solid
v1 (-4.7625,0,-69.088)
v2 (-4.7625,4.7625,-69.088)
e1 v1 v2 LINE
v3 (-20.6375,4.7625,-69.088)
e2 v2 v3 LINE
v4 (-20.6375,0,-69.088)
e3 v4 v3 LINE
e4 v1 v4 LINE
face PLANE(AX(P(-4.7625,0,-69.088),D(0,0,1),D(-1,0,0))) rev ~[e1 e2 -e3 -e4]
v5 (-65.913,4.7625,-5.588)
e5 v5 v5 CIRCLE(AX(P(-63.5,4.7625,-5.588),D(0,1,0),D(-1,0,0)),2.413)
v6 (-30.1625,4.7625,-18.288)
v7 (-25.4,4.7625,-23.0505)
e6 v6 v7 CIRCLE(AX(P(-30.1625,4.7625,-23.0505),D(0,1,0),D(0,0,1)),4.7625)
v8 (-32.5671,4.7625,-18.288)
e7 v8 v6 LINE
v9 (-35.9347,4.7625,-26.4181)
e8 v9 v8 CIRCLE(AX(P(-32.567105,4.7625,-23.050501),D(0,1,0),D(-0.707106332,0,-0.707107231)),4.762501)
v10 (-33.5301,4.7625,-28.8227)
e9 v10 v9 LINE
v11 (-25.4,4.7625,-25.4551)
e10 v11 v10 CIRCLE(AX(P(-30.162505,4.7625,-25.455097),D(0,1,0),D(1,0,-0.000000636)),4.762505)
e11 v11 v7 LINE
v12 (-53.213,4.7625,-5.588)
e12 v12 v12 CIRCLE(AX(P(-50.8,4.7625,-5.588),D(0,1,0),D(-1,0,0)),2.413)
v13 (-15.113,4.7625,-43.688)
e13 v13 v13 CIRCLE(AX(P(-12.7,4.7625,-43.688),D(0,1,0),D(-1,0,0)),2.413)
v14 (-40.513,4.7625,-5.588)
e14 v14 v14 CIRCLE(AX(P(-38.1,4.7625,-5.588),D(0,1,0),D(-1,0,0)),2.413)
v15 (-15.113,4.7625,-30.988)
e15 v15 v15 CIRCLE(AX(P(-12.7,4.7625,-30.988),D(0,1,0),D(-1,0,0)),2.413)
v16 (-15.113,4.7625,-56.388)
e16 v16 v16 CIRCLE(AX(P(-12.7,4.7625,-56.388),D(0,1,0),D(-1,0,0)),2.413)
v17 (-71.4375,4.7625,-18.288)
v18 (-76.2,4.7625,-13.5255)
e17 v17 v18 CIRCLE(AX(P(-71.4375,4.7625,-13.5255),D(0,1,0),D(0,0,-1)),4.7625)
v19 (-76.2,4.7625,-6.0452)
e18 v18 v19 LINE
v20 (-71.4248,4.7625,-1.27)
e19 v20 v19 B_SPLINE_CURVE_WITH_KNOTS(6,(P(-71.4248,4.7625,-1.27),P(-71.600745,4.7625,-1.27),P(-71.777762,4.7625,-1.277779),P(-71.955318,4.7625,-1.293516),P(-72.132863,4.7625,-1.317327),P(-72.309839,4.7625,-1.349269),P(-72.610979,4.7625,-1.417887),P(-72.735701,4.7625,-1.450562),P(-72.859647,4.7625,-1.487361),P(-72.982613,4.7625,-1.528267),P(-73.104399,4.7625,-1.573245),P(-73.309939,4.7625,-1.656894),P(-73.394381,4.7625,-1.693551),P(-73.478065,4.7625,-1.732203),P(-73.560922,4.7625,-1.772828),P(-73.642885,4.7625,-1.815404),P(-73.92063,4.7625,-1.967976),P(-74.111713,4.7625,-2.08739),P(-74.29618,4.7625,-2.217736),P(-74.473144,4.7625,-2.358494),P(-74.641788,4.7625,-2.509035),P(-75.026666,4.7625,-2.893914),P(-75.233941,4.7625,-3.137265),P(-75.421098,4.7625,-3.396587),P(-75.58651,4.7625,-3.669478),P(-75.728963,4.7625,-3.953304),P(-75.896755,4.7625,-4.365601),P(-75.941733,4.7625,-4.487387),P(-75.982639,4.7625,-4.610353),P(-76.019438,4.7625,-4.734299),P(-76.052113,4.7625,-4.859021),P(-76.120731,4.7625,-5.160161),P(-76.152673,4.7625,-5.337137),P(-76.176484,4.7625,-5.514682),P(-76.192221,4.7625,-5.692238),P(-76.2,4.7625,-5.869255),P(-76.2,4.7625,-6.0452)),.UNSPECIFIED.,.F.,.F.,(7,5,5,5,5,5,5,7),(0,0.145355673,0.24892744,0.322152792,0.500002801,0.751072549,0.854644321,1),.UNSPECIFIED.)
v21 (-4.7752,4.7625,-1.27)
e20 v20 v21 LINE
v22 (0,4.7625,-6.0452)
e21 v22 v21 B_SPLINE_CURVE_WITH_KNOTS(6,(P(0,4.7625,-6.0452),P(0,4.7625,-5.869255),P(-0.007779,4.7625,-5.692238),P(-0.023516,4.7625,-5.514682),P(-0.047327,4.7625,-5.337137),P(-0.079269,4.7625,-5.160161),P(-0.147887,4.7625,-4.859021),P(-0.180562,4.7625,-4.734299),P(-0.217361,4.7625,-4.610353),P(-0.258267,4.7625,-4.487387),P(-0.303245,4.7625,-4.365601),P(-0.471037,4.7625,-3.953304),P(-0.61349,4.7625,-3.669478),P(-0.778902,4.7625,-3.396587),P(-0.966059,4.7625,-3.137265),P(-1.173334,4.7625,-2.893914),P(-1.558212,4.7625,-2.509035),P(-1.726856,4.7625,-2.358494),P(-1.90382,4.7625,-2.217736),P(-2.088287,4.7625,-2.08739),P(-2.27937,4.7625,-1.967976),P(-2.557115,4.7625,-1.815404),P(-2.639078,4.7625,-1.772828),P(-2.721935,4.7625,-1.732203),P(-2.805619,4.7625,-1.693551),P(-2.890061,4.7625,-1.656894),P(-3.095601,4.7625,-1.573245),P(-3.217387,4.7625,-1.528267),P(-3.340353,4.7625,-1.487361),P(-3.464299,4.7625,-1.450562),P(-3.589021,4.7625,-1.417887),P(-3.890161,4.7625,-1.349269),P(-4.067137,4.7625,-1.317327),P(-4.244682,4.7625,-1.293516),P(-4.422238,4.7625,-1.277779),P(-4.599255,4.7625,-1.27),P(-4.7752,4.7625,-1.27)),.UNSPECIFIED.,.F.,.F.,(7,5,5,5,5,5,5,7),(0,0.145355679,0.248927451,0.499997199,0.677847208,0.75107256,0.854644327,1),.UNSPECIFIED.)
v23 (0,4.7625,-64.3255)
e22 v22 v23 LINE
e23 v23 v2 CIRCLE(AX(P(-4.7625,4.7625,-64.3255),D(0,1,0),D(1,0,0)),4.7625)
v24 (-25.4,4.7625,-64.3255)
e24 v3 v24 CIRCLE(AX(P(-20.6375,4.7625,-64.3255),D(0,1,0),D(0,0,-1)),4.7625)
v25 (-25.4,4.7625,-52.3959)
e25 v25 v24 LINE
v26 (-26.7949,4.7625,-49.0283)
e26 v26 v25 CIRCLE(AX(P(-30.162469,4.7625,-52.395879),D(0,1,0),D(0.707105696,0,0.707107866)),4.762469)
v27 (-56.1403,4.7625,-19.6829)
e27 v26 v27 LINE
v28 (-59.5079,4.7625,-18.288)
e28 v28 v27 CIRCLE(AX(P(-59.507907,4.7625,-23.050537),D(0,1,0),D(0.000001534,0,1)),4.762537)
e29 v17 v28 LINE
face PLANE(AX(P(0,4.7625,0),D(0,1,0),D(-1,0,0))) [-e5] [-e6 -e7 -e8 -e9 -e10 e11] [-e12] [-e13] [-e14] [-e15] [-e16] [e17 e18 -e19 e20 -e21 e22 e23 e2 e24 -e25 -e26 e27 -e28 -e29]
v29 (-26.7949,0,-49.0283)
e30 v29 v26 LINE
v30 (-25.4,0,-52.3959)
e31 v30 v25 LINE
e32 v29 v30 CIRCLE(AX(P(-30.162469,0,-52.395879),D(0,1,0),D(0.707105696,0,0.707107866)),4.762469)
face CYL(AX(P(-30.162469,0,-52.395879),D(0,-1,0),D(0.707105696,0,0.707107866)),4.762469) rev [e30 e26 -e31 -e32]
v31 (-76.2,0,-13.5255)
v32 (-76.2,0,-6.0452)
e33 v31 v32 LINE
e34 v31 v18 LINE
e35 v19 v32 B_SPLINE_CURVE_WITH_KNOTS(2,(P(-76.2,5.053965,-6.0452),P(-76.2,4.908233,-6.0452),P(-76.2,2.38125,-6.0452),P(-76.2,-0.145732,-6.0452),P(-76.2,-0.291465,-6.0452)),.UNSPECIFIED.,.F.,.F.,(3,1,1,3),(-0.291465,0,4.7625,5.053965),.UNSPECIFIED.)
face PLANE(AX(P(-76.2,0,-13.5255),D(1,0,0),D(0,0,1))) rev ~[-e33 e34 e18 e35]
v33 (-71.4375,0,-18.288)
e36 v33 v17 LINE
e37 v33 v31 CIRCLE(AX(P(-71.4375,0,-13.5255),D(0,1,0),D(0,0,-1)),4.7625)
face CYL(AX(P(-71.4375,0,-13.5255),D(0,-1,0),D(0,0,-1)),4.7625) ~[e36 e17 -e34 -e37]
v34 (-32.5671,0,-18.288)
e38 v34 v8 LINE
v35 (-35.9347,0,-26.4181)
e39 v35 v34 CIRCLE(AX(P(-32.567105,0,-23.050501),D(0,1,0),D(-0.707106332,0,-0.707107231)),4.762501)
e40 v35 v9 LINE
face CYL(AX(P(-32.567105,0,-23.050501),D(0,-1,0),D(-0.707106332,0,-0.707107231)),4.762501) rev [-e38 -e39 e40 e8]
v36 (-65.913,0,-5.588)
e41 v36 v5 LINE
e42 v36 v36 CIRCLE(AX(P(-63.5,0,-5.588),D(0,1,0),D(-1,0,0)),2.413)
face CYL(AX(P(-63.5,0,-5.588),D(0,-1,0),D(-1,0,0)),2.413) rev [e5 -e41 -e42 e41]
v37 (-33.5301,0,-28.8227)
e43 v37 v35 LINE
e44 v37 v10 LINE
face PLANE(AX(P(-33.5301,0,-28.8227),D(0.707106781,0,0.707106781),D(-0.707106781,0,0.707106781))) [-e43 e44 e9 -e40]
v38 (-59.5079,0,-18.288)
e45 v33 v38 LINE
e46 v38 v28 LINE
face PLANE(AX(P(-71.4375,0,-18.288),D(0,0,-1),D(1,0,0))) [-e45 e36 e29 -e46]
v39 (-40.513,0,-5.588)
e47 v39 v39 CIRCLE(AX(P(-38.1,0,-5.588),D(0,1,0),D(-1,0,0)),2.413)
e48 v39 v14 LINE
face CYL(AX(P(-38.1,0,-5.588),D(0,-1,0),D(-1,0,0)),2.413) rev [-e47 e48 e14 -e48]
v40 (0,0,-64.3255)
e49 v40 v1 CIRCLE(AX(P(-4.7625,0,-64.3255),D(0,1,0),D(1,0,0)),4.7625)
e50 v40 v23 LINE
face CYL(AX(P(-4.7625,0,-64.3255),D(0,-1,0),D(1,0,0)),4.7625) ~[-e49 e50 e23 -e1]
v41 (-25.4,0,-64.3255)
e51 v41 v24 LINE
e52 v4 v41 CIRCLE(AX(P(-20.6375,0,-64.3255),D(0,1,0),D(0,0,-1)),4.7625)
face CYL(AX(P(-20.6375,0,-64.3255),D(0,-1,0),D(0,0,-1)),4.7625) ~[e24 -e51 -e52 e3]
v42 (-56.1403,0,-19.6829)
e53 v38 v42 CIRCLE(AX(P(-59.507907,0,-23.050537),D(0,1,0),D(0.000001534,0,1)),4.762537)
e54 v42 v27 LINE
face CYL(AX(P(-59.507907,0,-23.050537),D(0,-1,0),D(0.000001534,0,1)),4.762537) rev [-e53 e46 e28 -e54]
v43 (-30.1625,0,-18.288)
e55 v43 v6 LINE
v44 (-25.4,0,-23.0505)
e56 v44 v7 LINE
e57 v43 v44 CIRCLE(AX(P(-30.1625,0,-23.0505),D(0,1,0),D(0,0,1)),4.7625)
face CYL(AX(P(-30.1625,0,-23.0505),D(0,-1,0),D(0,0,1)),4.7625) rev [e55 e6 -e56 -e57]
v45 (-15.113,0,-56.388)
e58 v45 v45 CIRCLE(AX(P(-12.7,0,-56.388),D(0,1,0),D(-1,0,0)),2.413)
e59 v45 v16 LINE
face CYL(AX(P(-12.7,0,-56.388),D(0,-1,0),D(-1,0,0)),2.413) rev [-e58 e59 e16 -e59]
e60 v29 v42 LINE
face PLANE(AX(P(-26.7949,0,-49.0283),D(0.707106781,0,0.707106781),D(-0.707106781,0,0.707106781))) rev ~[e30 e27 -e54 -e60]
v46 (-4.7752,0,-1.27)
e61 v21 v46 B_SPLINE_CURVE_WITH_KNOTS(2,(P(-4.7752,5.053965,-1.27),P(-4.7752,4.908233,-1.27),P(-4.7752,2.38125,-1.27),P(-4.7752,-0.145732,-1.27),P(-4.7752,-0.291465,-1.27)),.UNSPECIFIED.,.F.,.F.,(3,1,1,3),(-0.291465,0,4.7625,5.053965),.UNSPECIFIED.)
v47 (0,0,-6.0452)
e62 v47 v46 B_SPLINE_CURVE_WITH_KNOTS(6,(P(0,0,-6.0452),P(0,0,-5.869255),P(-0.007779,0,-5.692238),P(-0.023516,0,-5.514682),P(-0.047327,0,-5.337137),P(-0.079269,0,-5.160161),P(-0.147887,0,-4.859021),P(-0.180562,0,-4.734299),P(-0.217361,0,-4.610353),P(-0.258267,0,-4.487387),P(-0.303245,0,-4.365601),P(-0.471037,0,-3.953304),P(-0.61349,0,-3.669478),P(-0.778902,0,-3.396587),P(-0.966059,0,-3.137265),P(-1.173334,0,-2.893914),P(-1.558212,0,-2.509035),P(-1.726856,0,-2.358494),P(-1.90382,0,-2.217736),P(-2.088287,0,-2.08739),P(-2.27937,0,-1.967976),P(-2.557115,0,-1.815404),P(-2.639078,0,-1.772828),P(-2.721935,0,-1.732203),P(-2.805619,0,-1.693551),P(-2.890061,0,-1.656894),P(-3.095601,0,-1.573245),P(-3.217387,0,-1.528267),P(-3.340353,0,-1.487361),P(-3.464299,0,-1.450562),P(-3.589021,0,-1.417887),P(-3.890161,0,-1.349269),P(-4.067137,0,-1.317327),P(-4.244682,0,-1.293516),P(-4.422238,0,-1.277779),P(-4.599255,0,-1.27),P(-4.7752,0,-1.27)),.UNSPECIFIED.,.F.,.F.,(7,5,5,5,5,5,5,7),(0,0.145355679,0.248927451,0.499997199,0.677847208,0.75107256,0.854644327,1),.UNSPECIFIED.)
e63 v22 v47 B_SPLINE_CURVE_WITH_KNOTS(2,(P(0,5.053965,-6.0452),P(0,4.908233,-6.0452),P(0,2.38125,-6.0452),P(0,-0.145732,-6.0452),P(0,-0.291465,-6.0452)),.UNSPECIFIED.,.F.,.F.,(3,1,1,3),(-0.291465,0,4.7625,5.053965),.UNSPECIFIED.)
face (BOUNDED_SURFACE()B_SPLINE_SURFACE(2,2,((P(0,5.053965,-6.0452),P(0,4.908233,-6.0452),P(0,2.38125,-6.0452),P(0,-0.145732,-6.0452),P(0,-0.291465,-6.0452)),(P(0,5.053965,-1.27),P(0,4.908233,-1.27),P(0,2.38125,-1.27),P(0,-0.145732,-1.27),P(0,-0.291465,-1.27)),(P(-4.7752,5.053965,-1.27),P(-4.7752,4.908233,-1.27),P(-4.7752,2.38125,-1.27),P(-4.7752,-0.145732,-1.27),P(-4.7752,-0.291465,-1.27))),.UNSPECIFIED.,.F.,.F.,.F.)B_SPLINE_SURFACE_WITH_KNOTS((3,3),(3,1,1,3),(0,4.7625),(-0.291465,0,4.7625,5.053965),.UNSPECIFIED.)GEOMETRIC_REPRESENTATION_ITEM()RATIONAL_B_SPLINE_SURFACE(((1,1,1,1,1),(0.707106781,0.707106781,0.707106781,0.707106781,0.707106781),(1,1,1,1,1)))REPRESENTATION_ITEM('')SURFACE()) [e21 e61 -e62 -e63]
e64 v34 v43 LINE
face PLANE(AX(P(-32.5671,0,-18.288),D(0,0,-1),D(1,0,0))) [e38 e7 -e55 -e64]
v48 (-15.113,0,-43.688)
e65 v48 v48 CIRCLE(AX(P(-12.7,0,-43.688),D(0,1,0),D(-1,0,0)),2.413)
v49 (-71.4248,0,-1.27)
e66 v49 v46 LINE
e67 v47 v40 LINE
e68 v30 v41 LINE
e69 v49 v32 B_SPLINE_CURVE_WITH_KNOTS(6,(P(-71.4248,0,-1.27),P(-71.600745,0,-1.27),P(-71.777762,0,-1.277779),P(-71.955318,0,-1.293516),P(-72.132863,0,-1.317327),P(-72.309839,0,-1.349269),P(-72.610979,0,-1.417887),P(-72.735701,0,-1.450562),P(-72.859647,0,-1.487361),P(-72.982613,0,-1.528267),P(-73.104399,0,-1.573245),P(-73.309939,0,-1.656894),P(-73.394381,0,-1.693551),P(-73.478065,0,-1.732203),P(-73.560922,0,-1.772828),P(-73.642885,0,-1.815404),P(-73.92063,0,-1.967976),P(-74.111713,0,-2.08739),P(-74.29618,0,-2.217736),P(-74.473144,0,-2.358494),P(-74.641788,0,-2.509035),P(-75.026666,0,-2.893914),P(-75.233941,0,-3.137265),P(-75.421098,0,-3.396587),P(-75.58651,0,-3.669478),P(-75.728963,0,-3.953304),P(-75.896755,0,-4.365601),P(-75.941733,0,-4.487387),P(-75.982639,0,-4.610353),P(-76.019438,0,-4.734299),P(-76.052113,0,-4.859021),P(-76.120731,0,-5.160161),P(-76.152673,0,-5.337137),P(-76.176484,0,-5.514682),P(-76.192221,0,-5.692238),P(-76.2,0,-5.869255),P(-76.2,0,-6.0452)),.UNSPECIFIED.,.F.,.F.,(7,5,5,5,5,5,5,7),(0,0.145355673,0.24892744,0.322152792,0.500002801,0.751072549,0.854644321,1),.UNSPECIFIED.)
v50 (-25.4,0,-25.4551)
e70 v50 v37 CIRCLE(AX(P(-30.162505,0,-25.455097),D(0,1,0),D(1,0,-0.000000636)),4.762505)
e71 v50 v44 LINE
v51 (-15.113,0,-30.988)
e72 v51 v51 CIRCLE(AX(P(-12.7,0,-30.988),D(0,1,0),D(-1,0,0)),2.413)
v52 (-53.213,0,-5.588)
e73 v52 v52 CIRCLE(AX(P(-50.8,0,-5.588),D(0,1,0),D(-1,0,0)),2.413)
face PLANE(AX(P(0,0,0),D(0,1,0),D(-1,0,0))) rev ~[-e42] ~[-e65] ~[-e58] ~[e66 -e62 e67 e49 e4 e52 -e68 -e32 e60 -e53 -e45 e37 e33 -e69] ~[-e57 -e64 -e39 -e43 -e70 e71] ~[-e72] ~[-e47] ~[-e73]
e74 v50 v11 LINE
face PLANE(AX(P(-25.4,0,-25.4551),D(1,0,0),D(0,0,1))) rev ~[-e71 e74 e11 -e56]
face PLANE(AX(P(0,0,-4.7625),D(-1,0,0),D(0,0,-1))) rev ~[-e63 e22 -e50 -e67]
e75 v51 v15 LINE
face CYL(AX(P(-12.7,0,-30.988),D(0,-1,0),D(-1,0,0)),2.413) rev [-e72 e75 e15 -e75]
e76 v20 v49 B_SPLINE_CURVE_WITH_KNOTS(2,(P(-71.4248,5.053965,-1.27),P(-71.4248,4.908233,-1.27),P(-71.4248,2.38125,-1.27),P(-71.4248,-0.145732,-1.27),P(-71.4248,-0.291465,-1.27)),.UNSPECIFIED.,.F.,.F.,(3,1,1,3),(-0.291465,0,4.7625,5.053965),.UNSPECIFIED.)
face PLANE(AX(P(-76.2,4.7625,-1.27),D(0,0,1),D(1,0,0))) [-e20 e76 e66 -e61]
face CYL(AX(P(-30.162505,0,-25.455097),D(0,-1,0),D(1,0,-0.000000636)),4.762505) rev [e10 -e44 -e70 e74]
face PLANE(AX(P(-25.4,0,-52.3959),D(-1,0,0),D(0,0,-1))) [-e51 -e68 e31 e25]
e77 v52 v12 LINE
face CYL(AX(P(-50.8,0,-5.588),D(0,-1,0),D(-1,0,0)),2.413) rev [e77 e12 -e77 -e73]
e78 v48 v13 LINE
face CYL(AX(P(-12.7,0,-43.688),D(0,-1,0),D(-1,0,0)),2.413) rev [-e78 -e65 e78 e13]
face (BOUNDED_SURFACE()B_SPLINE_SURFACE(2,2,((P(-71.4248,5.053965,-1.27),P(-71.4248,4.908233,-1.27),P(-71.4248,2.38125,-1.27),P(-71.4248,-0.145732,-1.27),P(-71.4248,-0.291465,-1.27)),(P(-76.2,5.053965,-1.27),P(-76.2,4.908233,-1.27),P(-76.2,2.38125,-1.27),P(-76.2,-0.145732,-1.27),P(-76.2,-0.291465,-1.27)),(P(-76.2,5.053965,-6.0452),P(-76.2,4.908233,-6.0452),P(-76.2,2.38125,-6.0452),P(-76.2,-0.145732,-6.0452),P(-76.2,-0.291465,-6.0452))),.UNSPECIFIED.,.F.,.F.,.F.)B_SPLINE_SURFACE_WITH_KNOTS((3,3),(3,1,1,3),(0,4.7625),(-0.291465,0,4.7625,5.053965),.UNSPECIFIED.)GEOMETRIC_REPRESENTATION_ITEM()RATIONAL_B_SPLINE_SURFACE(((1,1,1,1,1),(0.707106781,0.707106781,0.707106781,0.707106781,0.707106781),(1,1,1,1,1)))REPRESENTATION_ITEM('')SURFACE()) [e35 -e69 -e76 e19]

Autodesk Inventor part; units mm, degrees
ref_plane "YZ Plane" through (0, 0, 0) normal (1, 0, 0) x (0, 1, 0)
ref_plane "XZ Plane" through (0, 0, 0) normal (0, 1, 0) x (-1, 0, 0)
ref_plane "XY Plane" through (0, 0, 0) normal (0, 0, 1) x (1, 0, 0)
sketch "Sketch1" plane through (0, 0, 0) normal (0, 1, 0) x (-1, 0, 0)
  line L0 (0, -4.7625) -> (0, -64.3255)
  line L1 (4.7625, -69.088) -> (20.6375, -69.088)
  line L2 (76.2, -13.5255) -> (76.2, -4.7625)
  line L3 (71.4375, 0) -> (4.7625, 0)
  circle A0 centre (12.7, -30.988) radius 2.413
  arc A1 (4.7625, 0) -> (0, -4.7625) centre (4.7625, -4.7625) ccw
  circle A2 centre (12.7, -43.688) radius 2.413
  circle A3 centre (12.7, -56.388) radius 2.413
  circle A4 centre (38.1, -5.588) radius 2.413
  circle A5 centre (50.8, -5.588) radius 2.413
  circle A6 centre (63.5, -5.588) radius 2.413
  line L4 (14.4062, -54.6818) -> (61.7938, -7.2942) construction
  line L5 (26.7949, -49.0283) -> (56.1403, -19.6829)
  line L6 (33.5301, -28.8227) -> (35.9347, -26.4181)
  line L7 (25.4, -69.088) -> (25.4, -18.288) construction
  line L8 (76.2, -18.288) -> (25.4, -18.288) construction
  line L9 (25.4, -52.3959) -> (25.4, -64.3255)
  line L10 (71.4375, -18.288) -> (59.5079, -18.288)
  arc A7 (71.4375, -18.288) -> (76.2, -13.5255) centre (71.4375, -13.5255) ccw
  arc A8 (76.2, -4.7625) -> (71.4375, 0) centre (71.4375, -4.7625) ccw
  arc A9 (20.6375, -69.088) -> (25.4, -64.3255) centre (20.6375, -64.3255) ccw
  arc A10 (0, -64.3255) -> (4.7625, -69.088) centre (4.7625, -64.3255) ccw
  line L11 (32.5671, -18.288) -> (30.1625, -18.288)
  line L12 (25.4, -25.4551) -> (25.4, -23.0505)
  arc A11 (59.5079, -18.288) -> (56.1403, -19.6829) centre (59.5079, -23.0505) ccw
  arc A12 (26.7949, -49.0283) -> (25.4, -52.3959) centre (30.1625, -52.3959) ccw
  arc A13 (35.9347, -26.4181) -> (32.5671, -18.288) centre (32.5671, -23.0505) ccw
  arc A14 (25.4, -25.4551) -> (33.5301, -28.8227) centre (30.1625, -25.4551) ccw
  arc A15 (30.1625, -18.288) -> (25.4, -23.0505) centre (30.1625, -23.0505) ccw
  point P0 (0, 0)
  point P1 (0, 7.112)
  point P2 (0, -69.088)
  point P3 (25.4, -50.4232)
  point P4 (57.5352, -18.288)
  point P5 (25.4, -36.9528)
  point P6 (44.0648, -18.288)
  dimension "d0" = 76.2
  dimension "d1" = 4.826
  dimension "d2" = 4.7625
  dimension "d3" = 12.7
  dimension "d4" = 12.7
  dimension "d5" = 12.7
  dimension "d7" = 12.7
  dimension "d8" = 12.7
  dimension "d9" = 38.1
  dimension "d10" = 25.4
  dimension "d11" = 4.7625
  dimension "d12" = 4.7625
  dimension "d13" = 4.7625
  dimension "d14" = 4.7625
  dimension "d15" = 4.7625
  dimension "d16" = 18.288
  dimension "d17" = 25.4
  dimension "d18" = 76.2
  dimension "d19" = 12.7
  dimension "d20" = 38.1
extrude "Extrusion1" add sketch "Sketch1" along normal blind 4.7625
thread "Thread2" size "10-32 UNF" class "2B" standard "ANSI Unified Screw Threads" full length
thread "Thread3" size "10-32 UNF" class "2B" standard "ANSI Unified Screw Threads" full length
thread "Thread4" size "10-32 UNF" class "2B" standard "ANSI Unified Screw Threads" full length
thread "Thread5" size "10-32 UNF" class "2B" standard "ANSI Unified Screw Threads" full length
thread "Thread6" size "10-32 UNF" class "2B" standard "ANSI Unified Screw Threads" full length
thread "Thread7" size "10-32 UNF" class "2B" standard "ANSI Unified Screw Threads" full length
sketch "Sketch2" plane through (0, 4.7625, 0) normal (0, 1, 0) x (1, 0, 0)
  line L0 (-71.4375, 0) -> (-4.7625, 0) projected
  line L1 (-76.2, 1.27) -> (0, 1.27)
  line L2 (-76.2, 13.5255) -> (-76.2, 4.7625) projected
  line L3 (0, 4.7625) -> (0, 64.3255) projected
  line L4 (0, 1.27) -> (0, 0)
  line L5 (0, 0) -> (-76.2, 0)
  line L6 (-76.2, 0) -> (-76.2, 1.27)
  dimension "d37" = 1.27
extrude "Extrusion2" cut sketch "Sketch2" against normal through all
fillet "Fillet1" radius 4.7752 2 edges at (-74.6754, 2.3813, -1.27) (-1.5246, 2.3813, -1.27)
properties part number "ELEV_012_SUPBRK2_THRD" material "Aluminum 6061"
